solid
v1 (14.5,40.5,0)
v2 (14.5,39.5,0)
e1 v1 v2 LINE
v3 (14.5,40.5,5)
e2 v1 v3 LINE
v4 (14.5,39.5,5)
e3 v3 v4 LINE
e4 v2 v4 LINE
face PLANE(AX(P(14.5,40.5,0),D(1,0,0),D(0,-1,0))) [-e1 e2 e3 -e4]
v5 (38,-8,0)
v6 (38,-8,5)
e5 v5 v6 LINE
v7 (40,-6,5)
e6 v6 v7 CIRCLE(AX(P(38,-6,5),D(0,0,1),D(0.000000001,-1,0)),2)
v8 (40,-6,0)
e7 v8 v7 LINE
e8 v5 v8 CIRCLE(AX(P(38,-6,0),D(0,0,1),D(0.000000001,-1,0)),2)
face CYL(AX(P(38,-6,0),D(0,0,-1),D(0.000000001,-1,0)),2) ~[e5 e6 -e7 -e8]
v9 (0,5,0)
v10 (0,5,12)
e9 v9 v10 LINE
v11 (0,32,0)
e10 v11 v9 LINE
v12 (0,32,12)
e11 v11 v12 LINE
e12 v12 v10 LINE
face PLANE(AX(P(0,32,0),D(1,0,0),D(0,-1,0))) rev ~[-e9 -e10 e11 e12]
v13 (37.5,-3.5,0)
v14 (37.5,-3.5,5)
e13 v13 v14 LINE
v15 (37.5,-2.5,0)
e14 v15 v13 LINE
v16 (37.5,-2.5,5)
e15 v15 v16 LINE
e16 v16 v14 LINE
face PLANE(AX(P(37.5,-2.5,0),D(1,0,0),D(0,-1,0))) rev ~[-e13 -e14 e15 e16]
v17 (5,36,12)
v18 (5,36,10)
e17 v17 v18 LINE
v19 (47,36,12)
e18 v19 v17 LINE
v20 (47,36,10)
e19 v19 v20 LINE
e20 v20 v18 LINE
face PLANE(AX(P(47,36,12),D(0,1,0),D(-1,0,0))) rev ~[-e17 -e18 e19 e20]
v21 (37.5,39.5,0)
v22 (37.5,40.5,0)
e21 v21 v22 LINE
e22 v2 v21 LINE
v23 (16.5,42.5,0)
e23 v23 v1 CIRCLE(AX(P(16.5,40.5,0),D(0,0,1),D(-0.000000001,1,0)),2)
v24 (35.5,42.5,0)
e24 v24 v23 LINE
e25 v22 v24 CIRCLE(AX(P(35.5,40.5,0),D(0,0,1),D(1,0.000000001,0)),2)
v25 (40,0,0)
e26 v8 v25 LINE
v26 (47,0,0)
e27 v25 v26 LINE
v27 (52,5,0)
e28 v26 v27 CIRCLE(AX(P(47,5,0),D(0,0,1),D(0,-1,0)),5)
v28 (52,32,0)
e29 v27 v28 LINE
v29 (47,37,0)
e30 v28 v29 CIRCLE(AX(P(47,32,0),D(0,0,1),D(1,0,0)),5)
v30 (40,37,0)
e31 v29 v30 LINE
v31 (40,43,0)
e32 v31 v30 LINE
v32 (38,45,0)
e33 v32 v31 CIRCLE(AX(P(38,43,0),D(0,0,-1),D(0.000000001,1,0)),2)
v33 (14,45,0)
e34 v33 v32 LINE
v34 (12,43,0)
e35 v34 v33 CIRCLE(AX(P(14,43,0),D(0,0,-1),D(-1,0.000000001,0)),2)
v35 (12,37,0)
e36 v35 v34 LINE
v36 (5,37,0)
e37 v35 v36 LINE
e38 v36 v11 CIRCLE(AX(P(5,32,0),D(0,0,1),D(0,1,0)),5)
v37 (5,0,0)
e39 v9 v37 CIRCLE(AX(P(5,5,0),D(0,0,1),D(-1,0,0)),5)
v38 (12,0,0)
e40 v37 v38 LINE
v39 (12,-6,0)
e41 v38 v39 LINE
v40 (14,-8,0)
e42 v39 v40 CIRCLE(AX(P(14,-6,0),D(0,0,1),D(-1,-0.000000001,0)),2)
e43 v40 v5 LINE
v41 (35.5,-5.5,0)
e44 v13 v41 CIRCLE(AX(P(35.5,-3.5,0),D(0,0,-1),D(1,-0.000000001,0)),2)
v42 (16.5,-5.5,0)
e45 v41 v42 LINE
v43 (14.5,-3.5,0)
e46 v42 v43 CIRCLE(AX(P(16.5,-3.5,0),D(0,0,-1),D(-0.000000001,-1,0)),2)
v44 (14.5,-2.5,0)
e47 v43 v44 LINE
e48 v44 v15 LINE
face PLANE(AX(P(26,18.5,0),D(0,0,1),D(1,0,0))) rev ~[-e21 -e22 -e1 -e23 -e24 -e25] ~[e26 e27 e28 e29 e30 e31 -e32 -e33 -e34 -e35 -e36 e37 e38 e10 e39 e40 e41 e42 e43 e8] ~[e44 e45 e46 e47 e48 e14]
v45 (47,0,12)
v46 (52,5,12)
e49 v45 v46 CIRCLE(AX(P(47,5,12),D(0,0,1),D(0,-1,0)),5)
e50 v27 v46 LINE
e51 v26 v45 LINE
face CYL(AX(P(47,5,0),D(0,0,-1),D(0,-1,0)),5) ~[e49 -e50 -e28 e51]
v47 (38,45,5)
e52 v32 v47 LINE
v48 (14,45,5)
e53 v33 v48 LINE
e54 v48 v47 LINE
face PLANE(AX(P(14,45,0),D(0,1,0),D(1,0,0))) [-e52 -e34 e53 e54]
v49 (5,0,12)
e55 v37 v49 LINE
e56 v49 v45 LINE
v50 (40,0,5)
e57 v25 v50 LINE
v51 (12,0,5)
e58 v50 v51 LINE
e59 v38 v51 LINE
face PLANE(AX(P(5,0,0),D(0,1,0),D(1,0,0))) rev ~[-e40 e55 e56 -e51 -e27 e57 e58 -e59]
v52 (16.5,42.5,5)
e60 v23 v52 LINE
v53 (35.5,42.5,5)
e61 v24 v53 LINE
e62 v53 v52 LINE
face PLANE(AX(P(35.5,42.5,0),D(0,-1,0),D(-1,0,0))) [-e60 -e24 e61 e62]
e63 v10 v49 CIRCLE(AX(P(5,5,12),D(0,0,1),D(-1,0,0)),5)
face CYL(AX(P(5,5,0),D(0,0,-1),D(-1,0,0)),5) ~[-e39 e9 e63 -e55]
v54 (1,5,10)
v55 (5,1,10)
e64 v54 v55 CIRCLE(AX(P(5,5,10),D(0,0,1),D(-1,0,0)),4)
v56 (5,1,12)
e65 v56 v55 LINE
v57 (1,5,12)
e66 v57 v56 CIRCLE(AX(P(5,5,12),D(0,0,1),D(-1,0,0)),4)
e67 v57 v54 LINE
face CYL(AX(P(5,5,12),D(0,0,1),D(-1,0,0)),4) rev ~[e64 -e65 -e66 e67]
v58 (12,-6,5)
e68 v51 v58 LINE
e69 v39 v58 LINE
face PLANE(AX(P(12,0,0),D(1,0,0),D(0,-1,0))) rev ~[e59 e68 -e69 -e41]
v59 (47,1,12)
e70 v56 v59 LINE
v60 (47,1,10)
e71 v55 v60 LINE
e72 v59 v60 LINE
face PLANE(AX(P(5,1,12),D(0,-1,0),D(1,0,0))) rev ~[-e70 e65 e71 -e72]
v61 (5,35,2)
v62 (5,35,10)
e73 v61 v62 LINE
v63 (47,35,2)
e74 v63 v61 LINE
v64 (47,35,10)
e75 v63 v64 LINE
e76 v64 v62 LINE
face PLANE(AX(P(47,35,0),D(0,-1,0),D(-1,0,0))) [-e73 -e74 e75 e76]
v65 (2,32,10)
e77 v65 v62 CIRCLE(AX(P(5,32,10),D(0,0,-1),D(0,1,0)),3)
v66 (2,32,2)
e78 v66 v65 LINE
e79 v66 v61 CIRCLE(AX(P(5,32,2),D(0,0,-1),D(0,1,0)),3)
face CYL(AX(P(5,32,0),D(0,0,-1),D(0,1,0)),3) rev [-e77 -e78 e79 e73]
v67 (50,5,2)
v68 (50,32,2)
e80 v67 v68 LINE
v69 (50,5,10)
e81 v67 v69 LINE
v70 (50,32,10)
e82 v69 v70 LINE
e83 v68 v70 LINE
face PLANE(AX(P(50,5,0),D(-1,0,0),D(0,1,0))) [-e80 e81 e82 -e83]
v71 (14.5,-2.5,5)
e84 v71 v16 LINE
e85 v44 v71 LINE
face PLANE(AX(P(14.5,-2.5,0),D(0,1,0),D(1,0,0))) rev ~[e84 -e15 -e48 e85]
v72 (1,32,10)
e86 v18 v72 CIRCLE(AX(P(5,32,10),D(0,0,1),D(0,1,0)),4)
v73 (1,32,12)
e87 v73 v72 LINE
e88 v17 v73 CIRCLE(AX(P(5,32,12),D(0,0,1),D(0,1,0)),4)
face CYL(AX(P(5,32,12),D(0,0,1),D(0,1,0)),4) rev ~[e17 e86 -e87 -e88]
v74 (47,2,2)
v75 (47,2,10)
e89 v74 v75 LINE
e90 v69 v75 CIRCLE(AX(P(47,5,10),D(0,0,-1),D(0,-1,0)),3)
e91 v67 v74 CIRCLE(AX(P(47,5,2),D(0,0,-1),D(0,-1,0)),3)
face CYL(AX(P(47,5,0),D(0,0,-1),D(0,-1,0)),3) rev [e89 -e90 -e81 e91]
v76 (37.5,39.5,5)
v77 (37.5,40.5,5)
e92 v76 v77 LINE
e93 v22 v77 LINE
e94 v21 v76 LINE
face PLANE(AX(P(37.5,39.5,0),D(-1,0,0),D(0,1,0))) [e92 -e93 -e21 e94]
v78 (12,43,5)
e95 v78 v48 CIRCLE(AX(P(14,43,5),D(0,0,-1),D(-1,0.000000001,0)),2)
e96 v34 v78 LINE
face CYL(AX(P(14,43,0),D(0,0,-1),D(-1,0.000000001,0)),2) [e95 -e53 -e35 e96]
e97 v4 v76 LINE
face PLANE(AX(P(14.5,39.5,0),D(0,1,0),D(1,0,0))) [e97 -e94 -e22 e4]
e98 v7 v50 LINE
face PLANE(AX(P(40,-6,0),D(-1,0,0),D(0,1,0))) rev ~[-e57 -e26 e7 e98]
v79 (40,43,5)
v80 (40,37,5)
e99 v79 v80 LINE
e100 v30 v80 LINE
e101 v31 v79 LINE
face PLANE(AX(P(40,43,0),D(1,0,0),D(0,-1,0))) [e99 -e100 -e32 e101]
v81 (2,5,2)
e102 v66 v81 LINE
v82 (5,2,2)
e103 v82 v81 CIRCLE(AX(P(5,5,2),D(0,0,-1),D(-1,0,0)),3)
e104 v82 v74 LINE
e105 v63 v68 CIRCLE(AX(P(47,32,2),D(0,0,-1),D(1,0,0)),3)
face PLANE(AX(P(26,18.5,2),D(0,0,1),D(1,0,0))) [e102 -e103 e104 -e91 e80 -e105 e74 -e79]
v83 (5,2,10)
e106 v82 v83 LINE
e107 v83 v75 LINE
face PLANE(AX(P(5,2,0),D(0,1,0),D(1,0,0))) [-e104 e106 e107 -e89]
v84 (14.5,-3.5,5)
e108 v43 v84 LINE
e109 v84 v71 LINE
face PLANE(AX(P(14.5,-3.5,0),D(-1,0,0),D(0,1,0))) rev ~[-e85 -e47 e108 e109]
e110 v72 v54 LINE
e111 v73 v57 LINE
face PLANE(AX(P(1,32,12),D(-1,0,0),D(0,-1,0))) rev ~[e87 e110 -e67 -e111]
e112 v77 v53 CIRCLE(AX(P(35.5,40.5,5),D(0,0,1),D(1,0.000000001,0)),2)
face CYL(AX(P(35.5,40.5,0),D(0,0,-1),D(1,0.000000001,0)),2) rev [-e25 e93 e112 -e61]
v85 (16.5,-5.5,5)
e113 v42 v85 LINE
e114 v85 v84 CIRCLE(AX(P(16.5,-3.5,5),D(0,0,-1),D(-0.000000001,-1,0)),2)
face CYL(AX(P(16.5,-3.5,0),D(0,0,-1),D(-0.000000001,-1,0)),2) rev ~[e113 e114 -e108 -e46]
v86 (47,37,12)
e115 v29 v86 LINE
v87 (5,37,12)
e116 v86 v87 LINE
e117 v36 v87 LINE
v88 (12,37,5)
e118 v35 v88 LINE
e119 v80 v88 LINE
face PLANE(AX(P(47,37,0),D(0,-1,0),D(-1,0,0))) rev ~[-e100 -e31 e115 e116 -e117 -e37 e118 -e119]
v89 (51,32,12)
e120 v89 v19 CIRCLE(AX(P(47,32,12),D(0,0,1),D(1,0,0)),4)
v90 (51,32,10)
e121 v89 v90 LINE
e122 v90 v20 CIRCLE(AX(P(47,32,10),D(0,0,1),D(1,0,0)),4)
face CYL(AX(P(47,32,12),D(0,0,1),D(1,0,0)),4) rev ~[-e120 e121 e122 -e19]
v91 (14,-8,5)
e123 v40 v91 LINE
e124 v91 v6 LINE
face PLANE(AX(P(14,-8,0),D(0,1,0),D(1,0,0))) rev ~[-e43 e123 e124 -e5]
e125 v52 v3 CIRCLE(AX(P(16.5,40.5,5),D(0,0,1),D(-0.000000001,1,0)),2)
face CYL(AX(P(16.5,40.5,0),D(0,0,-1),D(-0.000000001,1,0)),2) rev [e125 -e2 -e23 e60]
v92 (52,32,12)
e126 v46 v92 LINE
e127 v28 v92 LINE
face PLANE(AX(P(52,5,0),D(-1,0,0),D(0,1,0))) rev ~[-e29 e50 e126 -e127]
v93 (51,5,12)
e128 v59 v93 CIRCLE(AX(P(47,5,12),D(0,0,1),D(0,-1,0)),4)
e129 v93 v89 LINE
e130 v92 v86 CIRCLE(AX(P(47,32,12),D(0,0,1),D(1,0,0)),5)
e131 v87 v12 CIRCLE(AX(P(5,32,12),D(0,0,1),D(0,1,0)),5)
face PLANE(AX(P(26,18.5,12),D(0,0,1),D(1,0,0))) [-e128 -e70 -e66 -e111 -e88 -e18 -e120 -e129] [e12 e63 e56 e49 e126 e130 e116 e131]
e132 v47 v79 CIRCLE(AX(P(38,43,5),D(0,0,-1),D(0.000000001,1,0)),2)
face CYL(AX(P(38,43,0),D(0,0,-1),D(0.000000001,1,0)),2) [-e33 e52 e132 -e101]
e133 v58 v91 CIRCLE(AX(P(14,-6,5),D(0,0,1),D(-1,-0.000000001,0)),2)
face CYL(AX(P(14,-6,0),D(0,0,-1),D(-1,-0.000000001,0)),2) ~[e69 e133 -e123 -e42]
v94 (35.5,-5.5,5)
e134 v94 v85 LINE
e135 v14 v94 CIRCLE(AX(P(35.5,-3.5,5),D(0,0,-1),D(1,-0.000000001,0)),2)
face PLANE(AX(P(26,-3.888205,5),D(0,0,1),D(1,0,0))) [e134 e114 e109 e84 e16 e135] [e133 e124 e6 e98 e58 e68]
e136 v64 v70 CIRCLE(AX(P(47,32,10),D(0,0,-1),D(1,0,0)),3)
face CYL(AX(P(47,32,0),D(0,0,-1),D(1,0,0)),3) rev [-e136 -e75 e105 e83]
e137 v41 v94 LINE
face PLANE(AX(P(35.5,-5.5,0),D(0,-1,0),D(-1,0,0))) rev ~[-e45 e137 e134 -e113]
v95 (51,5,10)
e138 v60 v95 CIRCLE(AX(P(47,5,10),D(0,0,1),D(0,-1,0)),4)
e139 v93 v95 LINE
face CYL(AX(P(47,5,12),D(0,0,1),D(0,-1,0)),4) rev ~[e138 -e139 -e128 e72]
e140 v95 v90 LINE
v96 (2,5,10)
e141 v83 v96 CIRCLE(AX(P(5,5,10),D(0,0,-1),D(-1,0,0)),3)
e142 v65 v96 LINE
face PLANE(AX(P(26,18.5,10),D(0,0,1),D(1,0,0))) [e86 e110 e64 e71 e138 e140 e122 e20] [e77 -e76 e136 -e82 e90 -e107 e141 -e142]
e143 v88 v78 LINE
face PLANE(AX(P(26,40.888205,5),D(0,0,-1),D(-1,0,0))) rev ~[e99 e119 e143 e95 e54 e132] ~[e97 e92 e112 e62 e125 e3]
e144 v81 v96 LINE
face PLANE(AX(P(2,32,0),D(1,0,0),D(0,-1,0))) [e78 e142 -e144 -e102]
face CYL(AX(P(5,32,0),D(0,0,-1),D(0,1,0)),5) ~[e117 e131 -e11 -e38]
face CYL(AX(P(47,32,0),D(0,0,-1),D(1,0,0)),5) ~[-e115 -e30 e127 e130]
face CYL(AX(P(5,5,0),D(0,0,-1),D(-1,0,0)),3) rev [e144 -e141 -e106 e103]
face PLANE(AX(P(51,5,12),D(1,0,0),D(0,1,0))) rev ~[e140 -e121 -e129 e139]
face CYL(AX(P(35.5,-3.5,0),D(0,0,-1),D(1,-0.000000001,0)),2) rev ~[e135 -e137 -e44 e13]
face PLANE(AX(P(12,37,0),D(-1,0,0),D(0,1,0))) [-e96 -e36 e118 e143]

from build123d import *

# Parameters (mm, degrees)
BOSS_EXTRU_1_DEPTH      = 12
COQUE5_T                = -2
ENL_V_MAT_EXTRU_1_DEPTH = 2
BOSS_EXTRU_5_DEPTH      = 5


with BuildPart() as part:
    # Esquisse1 → Boss.-Extru.1 (new body)
    with BuildSketch(Plane.XY):
        with BuildLine():
            Line((5, 0), (47, 0))
            ThreePointArc((47, 0), (50.535533906, 1.464466094), (52, 5))
            Line((52, 5), (52, 32))
            ThreePointArc((52, 32), (50.535533906, 35.535533906), (47, 37))
            Line((47, 37), (5, 37))
            ThreePointArc((5, 37), (1.464466094, 35.535533906), (0, 32))
            Line((0, 32), (0, 5))
            ThreePointArc((0, 5), (1.464466094, 1.464466094), (5, 0))
        make_face()
    extrude(amount=BOSS_EXTRU_1_DEPTH)

    # Coque5
    coque5_openings = [part.faces().sort_by_distance(p)[0] for p in [
        (26, 18.5, 12),
    ]]
    offset(amount=COQUE5_T, openings=coque5_openings, kind=Kind.INTERSECTION)

    # Esquisse3 → Enlèv. mat.-Extru.1 (cut)
    with BuildSketch(Plane.XY.offset(12)):
        with BuildLine():
            ThreePointArc((51, 32), (49.828427125, 34.828427125), (47, 36))
            Line((47, 36), (5, 36))
            ThreePointArc((5, 36), (2.171572875, 34.828427125), (1, 32))
            Line((1, 32), (1, 5))
            ThreePointArc((1, 5), (2.171572875, 2.171572875), (5, 1))
            Line((5, 1), (47, 1))
            ThreePointArc((47, 1), (49.828427125, 2.171572875), (51, 5))
            Line((51, 5), (51, 32))
        make_face()
    extrude(amount=-ENL_V_MAT_EXTRU_1_DEPTH, mode=Mode.SUBTRACT)

    # Esquisse10 → Boss.-Extru.5 (add)
    # profile 1 of 2: a face of its own
    with BuildSketch(Plane(origin=(0, 0, 0), x_dir=(-1, 0, 0), z_dir=(0, 0, -1))):
        with BuildLine():
            Line((-40, 37), (-12, 37))
            Line((-12, 37), (-12, 43))
            ThreePointArc((-12, 43), (-12.585786438, 44.414213562), (-14, 45))
            Line((-14, 45), (-38, 45))
            ThreePointArc((-38, 45), (-39.414213562, 44.414213562), (-40, 43))
            Line((-40, 43), (-40, 37))
        make_face()
        with BuildLine():
            Line((-37.5, 39.5), (-37.5, 40.5))
            ThreePointArc((-37.5, 40.5), (-36.914213562, 41.914213562), (-35.5, 42.5))
            Line((-35.5, 42.5), (-16.5, 42.5))
            ThreePointArc((-16.5, 42.5), (-15.085786438, 41.914213562), (-14.5, 40.5))
            Line((-14.5, 40.5), (-14.5, 39.5))
            Line((-14.5, 39.5), (-37.5, 39.5))
        make_face(mode=Mode.SUBTRACT)
    # profile 2 of 2: a face of its own
    with BuildSketch(Plane(origin=(0, 0, 0), x_dir=(-1, 0, 0), z_dir=(0, 0, -1))):
        with BuildLine():
            Line((-40, 0), (-12, 0))
            Line((-12, 0), (-12, -6))
            ThreePointArc((-12, -6), (-12.585786438, -7.414213562), (-14, -8))
            Line((-14, -8), (-38, -8))
            ThreePointArc((-38, -8), (-39.414213562, -7.414213562), (-40, -6))
            Line((-40, -6), (-40, 0))
        make_face()
        with BuildLine():
            Line((-37.5, -2.5), (-37.5, -3.5))
            ThreePointArc((-37.5, -3.5), (-36.914213562, -4.914213562), (-35.5, -5.5))
            Line((-35.5, -5.5), (-16.5, -5.5))
            ThreePointArc((-16.5, -5.5), (-15.085786438, -4.914213562), (-14.5, -3.5))
            Line((-14.5, -3.5), (-14.5, -2.5))
            Line((-14.5, -2.5), (-37.5, -2.5))
        make_face(mode=Mode.SUBTRACT)
    extrude(amount=-BOSS_EXTRU_5_DEPTH)


solid = part.part
